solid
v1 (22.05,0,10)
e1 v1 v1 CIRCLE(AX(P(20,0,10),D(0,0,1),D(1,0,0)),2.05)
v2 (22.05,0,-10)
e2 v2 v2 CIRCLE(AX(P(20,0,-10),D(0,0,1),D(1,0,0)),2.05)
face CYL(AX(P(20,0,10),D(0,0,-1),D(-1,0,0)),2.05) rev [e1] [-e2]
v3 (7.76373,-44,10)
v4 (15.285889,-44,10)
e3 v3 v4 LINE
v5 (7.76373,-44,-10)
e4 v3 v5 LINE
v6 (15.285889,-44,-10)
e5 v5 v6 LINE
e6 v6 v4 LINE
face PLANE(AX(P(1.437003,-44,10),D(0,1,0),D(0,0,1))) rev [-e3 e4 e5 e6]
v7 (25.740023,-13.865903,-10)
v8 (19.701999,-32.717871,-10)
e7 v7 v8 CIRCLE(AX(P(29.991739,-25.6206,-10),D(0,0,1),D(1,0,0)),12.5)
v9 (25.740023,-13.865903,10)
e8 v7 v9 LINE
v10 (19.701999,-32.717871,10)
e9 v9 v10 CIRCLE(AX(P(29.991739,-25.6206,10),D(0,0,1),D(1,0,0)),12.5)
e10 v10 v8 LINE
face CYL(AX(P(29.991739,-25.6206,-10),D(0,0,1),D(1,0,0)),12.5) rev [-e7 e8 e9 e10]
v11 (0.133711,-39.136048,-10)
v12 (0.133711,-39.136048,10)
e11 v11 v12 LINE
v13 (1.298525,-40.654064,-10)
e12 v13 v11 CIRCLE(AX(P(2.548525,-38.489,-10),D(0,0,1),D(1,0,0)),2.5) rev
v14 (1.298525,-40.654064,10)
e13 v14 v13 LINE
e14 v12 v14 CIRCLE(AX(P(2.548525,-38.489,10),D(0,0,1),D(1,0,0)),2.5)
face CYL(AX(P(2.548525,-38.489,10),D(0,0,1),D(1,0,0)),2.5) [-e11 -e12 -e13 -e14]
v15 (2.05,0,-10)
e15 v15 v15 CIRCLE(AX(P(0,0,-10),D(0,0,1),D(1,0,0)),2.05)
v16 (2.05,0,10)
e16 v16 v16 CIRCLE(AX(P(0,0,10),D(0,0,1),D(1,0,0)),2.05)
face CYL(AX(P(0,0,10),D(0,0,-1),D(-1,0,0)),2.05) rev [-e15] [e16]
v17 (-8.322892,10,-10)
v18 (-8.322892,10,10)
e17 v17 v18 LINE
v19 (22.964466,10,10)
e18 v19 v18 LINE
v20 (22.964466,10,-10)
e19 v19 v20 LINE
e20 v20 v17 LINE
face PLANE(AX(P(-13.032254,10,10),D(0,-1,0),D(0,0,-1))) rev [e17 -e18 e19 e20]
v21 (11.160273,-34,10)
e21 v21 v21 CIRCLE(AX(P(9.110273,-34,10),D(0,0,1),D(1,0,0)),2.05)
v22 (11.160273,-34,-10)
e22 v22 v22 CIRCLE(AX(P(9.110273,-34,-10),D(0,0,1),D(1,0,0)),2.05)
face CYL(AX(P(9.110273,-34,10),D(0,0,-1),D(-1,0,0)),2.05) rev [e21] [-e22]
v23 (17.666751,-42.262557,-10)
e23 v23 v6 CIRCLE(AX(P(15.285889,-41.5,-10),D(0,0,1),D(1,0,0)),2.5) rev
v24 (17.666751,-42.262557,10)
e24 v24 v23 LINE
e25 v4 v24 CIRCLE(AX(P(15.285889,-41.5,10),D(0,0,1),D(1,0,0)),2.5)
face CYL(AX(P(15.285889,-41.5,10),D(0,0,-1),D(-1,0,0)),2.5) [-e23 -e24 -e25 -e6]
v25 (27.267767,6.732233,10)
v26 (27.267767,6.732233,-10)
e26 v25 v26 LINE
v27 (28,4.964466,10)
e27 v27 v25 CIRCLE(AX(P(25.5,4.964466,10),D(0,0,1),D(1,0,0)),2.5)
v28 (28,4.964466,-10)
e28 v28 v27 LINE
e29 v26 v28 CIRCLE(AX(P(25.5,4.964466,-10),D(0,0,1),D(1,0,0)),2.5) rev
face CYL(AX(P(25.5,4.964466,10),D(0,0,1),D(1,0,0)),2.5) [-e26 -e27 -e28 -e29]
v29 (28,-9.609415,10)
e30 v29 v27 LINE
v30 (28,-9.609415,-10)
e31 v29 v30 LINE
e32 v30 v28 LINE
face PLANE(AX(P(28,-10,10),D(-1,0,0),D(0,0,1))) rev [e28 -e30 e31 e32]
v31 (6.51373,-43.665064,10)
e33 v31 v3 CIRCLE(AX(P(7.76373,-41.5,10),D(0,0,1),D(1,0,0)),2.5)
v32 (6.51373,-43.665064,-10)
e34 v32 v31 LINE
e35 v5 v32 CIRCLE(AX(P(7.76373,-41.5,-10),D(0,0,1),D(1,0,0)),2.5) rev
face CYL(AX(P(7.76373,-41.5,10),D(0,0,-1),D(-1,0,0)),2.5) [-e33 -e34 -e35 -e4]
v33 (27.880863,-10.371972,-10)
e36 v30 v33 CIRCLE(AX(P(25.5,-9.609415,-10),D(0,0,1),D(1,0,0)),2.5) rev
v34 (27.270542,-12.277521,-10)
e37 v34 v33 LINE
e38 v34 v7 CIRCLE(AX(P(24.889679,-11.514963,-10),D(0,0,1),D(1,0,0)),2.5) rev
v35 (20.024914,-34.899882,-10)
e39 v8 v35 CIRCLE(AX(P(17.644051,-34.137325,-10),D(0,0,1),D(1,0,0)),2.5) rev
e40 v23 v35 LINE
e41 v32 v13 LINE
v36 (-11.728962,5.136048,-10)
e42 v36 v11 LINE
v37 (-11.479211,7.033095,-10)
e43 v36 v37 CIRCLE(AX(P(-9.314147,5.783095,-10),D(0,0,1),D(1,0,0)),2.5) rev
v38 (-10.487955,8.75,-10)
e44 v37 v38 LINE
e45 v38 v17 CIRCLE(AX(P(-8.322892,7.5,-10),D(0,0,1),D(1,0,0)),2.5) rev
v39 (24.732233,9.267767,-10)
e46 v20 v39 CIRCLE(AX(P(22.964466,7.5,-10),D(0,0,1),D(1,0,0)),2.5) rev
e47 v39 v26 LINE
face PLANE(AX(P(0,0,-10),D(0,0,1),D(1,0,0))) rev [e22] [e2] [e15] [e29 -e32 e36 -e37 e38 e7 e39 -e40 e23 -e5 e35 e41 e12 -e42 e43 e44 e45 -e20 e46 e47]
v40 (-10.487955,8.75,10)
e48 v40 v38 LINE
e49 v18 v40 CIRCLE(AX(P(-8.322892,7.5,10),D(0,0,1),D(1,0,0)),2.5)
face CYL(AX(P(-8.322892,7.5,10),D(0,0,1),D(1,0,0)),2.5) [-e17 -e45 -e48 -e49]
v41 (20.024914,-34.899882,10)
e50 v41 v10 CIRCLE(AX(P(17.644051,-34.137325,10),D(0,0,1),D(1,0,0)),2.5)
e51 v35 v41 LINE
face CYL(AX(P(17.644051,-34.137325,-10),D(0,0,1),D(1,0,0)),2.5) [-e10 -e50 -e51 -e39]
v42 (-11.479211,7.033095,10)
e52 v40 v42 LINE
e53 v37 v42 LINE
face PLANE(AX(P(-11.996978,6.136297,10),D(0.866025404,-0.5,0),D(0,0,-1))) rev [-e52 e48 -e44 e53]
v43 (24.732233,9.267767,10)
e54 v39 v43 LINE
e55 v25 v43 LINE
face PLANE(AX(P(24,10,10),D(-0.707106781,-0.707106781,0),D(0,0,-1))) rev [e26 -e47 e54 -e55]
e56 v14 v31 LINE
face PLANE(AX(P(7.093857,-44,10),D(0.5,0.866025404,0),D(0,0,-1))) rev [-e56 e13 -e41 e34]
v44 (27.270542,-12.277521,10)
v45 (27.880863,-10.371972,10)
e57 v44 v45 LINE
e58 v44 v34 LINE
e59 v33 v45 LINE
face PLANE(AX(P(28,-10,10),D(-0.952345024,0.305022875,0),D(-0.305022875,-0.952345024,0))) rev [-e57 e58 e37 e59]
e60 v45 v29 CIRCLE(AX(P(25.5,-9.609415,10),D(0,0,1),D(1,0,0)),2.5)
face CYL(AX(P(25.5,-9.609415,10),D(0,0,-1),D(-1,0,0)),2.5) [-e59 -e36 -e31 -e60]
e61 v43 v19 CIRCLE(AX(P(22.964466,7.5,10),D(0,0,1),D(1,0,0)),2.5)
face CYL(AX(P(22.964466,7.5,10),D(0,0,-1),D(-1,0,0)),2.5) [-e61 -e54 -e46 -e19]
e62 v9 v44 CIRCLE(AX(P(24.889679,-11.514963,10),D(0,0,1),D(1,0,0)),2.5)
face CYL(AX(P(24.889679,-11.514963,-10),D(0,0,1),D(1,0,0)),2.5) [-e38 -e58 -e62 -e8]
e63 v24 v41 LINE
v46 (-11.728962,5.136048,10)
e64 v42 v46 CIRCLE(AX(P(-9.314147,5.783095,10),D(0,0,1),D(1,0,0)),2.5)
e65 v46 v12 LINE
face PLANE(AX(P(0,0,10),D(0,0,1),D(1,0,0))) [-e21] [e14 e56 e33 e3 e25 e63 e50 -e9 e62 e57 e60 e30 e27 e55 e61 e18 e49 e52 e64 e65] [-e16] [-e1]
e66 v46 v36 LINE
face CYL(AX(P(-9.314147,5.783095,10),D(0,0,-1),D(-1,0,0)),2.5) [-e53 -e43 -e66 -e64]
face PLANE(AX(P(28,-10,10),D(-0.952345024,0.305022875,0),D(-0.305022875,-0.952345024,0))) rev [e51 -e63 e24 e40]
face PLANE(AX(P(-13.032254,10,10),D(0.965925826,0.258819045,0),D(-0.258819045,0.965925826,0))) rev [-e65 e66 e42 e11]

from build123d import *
from OCP.BRepFilletAPI import BRepFilletAPI_MakeChamfer

# Parameters (mm, degrees)
SKETCH_1_R          = 2.05
EXTRUDE_1_DEPTH     = 10
CHAMFER_1_SIZE      = 4
CHAMFER_1_SIZE2     = 5.656854249
CHAMFER_1_SIZE2_2   = 3.265986324
SKETCH_2_R          = 12.5
CUT_EXTRUDE_1_DEPTH = 56.856960175
FILLET_1_R          = 2.5


with BuildPart() as part:
    # 草图1 → 凸台-拉伸1 (new, symmetric)
    with BuildSketch(Plane.XY):
        Polygon((-13.032253728, 10), (1.437002663, -44), (17.110272543, -44), (28, -10), (28, 10), align=None)
        Circle(SKETCH_1_R, mode=Mode.SUBTRACT)
        with Locations((20, 0)):
            Circle(SKETCH_1_R, mode=Mode.SUBTRACT)
        with Locations((9.110272543, -34)):
            Circle(SKETCH_1_R, mode=Mode.SUBTRACT)
    extrude(amount=EXTRUDE_1_DEPTH, both=True)

    # 倒角1: one chamfer whose edges measure the first distance from different faces: ONE call of the kernel's chamfer builder (chamfer() names one face for all edges)
    chamfer_1_edges_1 = [part.edges().sort_by_distance(p)[0] for p in [
        (1.437002663, -44, 0),
    ]]
    chamfer_1_side_1 = [part.faces().sort_by_distance(p)[0] for p in [
        (-5.797625533, -17, 0),
    ]]
    chamfer_1_edges_2 = [part.edges().sort_by_distance(p)[0] for p in [
        (-13.032253728, 10, 0),
    ]]
    chamfer_1_side_2 = [part.faces().sort_by_distance(p)[0] for p in [
        (-5.797625533, -17, 0),
    ]]
    chamfer_1_edges_3 = [part.edges().sort_by_distance(p)[0] for p in [
        (28, 10, 0),
    ]]
    chamfer_1 = BRepFilletAPI_MakeChamfer(part.part.solid().wrapped)
    for e in chamfer_1_edges_1:
        chamfer_1.Add(CHAMFER_1_SIZE, CHAMFER_1_SIZE2, e.wrapped, chamfer_1_side_1[0].wrapped)  # the first distance lies on this face
    for e in chamfer_1_edges_2:
        chamfer_1.Add(CHAMFER_1_SIZE, CHAMFER_1_SIZE2_2, e.wrapped, chamfer_1_side_2[0].wrapped)  # the first distance lies on this face
    for e in chamfer_1_edges_3:
        chamfer_1.Add(CHAMFER_1_SIZE, e.wrapped)
    add(Compound.cast(chamfer_1.Shape()), mode=Mode.REPLACE)

    # 草图2 → 切除-拉伸1 (cut, through all)
    with BuildSketch(Plane.XY.offset(10)):
        with Locations((29.991739345, -25.62060001)):
            Circle(SKETCH_2_R)
    extrude(amount=-CUT_EXTRUDE_1_DEPTH, mode=Mode.SUBTRACT)

    # 圆角1
    fillet_1_edges = [part.edges().sort_by_distance(p)[0] for p in [
        (-9.766267405, 10, 0),
        (24, 10, 0),
        (28, 6, 0),
        (0.401726482, -40.136296695, 0),
        (-11.996977548, 6.136296695, 0),
        (7.093856912, -44, 0),
        (26.873983288, -13.515658987, 0),
        (20.421472383, -33.661743602, 0),
        (17.110272543, -44, 0),
        (28, -10, 0),
    ]]
    fillet(fillet_1_edges, radius=FILLET_1_R)


solid = part.part
